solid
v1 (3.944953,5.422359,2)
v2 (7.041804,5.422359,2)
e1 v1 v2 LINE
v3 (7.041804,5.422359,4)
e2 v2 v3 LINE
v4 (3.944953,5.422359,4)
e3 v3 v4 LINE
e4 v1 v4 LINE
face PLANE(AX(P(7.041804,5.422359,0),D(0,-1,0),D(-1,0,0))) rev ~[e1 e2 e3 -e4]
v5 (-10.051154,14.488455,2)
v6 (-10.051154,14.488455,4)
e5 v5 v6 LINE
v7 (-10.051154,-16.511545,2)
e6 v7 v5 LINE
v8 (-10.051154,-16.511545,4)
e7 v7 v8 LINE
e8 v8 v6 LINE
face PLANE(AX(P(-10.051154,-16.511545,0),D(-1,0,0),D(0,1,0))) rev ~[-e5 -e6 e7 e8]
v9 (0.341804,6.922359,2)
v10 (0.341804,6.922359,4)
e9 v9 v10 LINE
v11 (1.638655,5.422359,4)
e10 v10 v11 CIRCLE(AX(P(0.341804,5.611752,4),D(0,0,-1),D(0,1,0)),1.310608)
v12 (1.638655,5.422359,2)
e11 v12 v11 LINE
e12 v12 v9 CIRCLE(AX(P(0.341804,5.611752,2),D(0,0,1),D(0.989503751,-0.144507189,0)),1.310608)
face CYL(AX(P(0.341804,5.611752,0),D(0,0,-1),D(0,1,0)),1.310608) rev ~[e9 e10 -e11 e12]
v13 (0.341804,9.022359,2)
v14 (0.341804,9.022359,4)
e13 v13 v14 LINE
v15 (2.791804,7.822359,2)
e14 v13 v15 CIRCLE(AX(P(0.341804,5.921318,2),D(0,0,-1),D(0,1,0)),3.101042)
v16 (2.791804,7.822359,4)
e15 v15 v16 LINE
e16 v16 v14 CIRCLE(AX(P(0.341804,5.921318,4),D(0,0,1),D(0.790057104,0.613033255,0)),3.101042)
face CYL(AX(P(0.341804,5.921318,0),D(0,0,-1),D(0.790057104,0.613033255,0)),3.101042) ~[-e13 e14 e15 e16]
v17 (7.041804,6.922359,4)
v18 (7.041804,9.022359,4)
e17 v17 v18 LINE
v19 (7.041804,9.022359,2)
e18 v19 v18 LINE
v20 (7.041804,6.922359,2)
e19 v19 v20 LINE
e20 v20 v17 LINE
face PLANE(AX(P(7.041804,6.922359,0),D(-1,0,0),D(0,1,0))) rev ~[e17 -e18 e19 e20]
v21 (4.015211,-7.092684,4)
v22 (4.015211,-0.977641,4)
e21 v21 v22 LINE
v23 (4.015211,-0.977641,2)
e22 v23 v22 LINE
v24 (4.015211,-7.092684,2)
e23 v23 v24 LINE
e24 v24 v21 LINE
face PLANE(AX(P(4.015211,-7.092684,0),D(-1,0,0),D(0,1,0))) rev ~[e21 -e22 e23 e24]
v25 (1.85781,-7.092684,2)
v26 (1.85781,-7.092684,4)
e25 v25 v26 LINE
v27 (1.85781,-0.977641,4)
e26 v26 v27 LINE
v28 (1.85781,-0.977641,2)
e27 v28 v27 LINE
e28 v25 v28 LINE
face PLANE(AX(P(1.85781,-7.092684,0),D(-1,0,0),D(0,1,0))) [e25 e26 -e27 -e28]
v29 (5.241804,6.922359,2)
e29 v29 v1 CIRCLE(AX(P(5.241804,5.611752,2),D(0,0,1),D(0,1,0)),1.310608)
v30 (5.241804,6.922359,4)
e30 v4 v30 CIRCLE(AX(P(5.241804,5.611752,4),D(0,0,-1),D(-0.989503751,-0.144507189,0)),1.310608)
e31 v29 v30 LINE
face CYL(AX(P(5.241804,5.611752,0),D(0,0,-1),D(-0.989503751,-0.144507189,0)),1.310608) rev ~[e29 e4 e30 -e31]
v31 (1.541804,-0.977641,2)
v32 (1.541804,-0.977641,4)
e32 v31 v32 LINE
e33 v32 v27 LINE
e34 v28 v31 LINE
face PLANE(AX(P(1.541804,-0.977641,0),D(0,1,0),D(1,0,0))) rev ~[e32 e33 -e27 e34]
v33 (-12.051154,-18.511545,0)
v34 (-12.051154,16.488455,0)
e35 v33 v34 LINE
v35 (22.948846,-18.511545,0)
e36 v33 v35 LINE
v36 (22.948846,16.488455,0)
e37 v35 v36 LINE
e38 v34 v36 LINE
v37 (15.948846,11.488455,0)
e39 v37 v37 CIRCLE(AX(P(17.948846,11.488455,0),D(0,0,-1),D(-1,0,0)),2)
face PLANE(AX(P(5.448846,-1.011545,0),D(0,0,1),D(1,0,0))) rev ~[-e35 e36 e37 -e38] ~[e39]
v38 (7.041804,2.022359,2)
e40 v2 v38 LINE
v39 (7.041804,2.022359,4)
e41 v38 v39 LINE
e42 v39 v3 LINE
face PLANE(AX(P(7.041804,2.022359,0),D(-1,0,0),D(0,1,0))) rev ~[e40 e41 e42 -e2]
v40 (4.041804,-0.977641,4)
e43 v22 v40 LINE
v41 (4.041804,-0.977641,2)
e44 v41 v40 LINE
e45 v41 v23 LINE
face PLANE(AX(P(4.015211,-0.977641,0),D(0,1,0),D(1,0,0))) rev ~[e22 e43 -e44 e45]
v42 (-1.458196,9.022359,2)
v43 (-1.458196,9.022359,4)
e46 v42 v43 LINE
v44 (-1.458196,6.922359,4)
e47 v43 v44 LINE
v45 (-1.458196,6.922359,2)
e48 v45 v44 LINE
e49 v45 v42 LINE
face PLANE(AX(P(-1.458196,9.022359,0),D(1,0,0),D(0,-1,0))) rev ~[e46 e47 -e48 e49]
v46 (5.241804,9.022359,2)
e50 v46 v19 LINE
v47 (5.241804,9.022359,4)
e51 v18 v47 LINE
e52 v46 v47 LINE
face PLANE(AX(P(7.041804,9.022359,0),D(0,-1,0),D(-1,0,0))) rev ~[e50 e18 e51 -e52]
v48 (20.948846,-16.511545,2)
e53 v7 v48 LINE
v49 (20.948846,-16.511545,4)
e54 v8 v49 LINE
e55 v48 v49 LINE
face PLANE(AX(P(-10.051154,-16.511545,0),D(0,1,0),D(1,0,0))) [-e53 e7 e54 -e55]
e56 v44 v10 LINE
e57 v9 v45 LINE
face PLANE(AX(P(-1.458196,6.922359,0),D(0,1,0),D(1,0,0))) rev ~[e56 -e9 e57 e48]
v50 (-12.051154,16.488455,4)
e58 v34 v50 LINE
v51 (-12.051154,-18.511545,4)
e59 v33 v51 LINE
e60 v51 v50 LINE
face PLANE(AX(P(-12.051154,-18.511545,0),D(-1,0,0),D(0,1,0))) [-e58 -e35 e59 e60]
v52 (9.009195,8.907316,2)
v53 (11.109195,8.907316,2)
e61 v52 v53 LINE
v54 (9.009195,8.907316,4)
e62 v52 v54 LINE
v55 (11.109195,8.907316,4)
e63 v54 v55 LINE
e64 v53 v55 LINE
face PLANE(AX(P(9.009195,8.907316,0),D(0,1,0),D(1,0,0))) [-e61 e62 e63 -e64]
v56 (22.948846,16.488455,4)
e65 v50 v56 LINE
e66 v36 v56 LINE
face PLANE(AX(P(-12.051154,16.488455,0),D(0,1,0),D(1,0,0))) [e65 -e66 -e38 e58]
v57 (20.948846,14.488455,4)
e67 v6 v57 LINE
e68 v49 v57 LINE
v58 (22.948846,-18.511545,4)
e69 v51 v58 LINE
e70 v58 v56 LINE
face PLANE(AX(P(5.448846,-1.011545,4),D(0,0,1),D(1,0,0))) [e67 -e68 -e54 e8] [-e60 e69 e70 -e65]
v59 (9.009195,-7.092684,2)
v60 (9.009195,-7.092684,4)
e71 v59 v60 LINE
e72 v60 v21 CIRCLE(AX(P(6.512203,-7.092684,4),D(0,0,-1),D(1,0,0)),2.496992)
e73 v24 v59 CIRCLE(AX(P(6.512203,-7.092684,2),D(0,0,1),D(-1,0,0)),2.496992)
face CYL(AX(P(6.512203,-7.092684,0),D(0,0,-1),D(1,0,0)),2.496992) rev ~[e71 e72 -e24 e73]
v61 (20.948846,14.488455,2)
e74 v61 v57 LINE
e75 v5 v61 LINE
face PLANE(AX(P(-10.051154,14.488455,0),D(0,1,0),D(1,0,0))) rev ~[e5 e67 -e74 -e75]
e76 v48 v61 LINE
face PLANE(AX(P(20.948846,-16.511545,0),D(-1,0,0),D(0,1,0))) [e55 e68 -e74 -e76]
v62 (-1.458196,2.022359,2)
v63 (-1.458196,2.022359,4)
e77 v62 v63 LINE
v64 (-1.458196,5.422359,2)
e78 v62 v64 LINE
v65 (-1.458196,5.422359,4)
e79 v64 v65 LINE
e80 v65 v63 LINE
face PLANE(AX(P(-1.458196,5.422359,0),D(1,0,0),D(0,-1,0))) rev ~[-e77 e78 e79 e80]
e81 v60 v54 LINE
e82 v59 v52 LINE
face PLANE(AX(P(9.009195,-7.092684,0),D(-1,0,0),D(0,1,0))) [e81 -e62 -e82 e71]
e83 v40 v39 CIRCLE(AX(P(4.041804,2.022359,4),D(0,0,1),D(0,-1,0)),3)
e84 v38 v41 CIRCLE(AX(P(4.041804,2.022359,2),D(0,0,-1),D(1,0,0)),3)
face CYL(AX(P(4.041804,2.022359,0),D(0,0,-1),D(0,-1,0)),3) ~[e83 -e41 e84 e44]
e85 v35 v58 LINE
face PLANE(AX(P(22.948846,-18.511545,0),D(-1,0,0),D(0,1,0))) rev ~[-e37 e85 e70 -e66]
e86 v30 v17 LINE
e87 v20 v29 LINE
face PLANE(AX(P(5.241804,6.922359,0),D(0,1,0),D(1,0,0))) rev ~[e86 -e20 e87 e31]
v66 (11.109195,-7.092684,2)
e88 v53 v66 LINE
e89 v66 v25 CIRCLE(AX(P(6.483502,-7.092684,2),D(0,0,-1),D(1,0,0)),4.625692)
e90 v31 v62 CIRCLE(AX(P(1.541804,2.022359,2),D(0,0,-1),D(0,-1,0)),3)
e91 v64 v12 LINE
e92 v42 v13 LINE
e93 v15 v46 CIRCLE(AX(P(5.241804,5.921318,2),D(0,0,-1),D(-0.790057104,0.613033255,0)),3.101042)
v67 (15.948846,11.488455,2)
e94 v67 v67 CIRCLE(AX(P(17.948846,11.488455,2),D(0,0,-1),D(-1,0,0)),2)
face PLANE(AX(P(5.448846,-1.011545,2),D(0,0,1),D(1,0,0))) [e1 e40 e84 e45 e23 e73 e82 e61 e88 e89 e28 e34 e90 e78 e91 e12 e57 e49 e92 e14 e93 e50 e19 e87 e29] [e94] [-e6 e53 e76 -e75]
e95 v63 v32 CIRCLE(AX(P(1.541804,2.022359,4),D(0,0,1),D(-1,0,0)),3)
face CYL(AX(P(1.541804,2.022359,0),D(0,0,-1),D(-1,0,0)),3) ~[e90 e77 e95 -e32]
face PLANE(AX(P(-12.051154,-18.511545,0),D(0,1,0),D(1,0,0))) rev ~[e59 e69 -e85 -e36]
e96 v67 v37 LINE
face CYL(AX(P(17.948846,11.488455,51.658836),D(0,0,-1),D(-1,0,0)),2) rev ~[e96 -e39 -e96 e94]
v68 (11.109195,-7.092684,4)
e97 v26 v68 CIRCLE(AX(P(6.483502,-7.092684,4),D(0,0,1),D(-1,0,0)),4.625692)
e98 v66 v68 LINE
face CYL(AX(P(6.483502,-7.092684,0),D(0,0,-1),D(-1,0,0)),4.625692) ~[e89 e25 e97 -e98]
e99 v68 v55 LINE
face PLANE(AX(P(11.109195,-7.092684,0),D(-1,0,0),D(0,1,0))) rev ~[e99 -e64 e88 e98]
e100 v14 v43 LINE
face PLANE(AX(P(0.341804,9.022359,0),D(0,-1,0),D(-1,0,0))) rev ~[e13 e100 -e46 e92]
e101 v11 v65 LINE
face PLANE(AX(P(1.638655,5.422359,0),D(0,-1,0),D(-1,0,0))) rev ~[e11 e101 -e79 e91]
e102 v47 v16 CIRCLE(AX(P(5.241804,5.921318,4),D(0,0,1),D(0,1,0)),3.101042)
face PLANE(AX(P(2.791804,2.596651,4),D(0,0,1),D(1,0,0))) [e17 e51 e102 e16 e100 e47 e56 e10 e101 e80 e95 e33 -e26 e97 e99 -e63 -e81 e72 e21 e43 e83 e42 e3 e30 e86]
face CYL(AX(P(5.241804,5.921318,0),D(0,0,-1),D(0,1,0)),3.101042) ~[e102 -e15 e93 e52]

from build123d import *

# Parameters (mm, degrees)
F0_W     = 35
F0_H     = 35
F0_W_2   = 31
F0_H_2   = 31
F1_DEPTH = 4
F0_W_3   = 2.1
F0_H_3   = 16
F0_W_4   = 2.1574016428
F0_H_4   = 6.115043208
F2_DEPTH = 2
F4_D     = 4


with BuildPart() as f1:
    # F0 (on Top) → F1 (new body)
    with BuildSketch(Plane.XY):
        with Locations((5.448846221, -1.0115454492)):
            Rectangle(F0_W, F0_H)
        with Locations((5.448846221, -1.0115454492)):
            Rectangle(F0_W_2, F0_H_2, mode=Mode.SUBTRACT)
    extrude(amount=F1_DEPTH)



with BuildPart() as f1b:
    # F0 (on Top) → F1, piece 2 (new body)
    with BuildSketch(Plane.XY):
        with BuildLine():
            Line((1.8578098388, -0.9776405059), (4.0152114816, -0.9776405059))
            Line((4.0152114816, -0.9776405059), (4.0418037977, -0.9776405059))
            ThreePointArc((4.0418037977, -0.9776405059), (6.1631241413, -0.0989608494), (7.0418037977, 2.0223594941))
            Line((7.0418037977, 2.0223594941), (7.0418037977, 5.4223594941))
            Line((7.0418037977, 5.4223594941), (3.9449525066, 5.4223594941))
            Line((3.9449525066, 5.4223594941), (2.7918037977, 5.4223594941))
            Line((2.7918037977, 5.4223594941), (1.6386550888, 5.4223594941))
            Line((1.6386550888, 5.4223594941), (-1.4581962023, 5.4223594941))
            Line((-1.4581962023, 5.4223594941), (-1.4581962023, 2.0223594941))
            ThreePointArc((-1.4581962023, 2.0223594941), (-0.5795165459, -0.0989608494), (1.5418037977, -0.9776405059))
            Line((1.5418037977, -0.9776405059), (1.8578098388, -0.9776405059))
        make_face()
        with BuildLine():
            ThreePointArc((0.3418037977, 6.9223594941), (1.3332450808, 6.4689196757), (1.6386550888, 5.4223594941))
            Line((1.6386550888, 5.4223594941), (2.7918037977, 5.4223594941))
            Line((2.7918037977, 5.4223594941), (2.7918037977, 7.8223594941))
            ThreePointArc((2.7918037977, 7.8223594941), (1.7058510843, 8.7062477042), (0.3418037977, 9.0223594941))
            Line((0.3418037977, 9.0223594941), (-1.4581962023, 9.0223594941))
            Line((-1.4581962023, 9.0223594941), (-1.4581962023, 6.9223594941))
            Line((-1.4581962023, 6.9223594941), (0.3418037977, 6.9223594941))
        make_face()
        with BuildLine():
            Line((2.7918037977, 5.4223594941), (3.9449525066, 5.4223594941))
            ThreePointArc((3.9449525066, 5.4223594941), (4.2503625146, 6.4689196757), (5.2418037977, 6.9223594941))
            Line((5.2418037977, 6.9223594941), (7.0418037977, 6.9223594941))
            Line((7.0418037977, 6.9223594941), (7.0418037977, 9.0223594941))
            Line((7.0418037977, 9.0223594941), (5.2418037977, 9.0223594941))
            ThreePointArc((5.2418037977, 9.0223594941), (3.8777565111, 8.7062477042), (2.7918037977, 7.8223594941))
            Line((2.7918037977, 7.8223594941), (2.7918037977, 5.4223594941))
        make_face()
        with Locations((10.0591945603, 0.9073162861)):
            Rectangle(F0_W_3, F0_H_3)
        with BuildLine():
            Line((11.1091945603, -7.0926837139), (9.0091945603, -7.0926837139))
            ThreePointArc((9.0091945603, -7.0926837139), (6.512203021, -9.5896752533), (4.0152114816, -7.0926837139))
            Line((4.0152114816, -7.0926837139), (1.8578098388, -7.0926837139))
            ThreePointArc((1.8578098388, -7.0926837139), (6.4835021996, -11.7183760746), (11.1091945603, -7.0926837139))
        make_face()
        with Locations((2.9365106602, -4.0351621099)):
            Rectangle(F0_W_4, F0_H_4)
    extrude(amount=F1_DEPTH)


with BuildPart() as f1_1:
    add(f1.part)

    add(f1b.part)  # F2 merges F1b
    # F0 (on Top) → F2 (join)
    with BuildSketch(Plane.XY):
        with Locations((5.448846221, -1.0115454492)):
            Rectangle(F0_W_2, F0_H_2)
        with BuildLine():
            Line((9.0091945603, -7.0926837139), (9.0091945603, 8.9073162861))
            Line((9.0091945603, 8.9073162861), (11.1091945603, 8.9073162861))
            Line((11.1091945603, 8.9073162861), (11.1091945603, -7.0926837139))
            ThreePointArc((11.1091945603, -7.0926837139), (6.4835021996, -11.7183760746), (1.8578098388, -7.0926837139))
            Line((1.8578098388, -7.0926837139), (1.8578098388, -0.9776405059))
            Line((1.8578098388, -0.9776405059), (1.5418037977, -0.9776405059))
            ThreePointArc((1.5418037977, -0.9776405059), (-0.5795165459, -0.0989608494), (-1.4581962023, 2.0223594941))
            Line((-1.4581962023, 2.0223594941), (-1.4581962023, 5.4223594941))
            Line((-1.4581962023, 5.4223594941), (1.6386550888, 5.4223594941))
            ThreePointArc((1.6386550888, 5.4223594941), (1.3332450808, 6.4689196757), (0.3418037977, 6.9223594941))
            Line((0.3418037977, 6.9223594941), (-1.4581962023, 6.9223594941))
            Line((-1.4581962023, 6.9223594941), (-1.4581962023, 9.0223594941))
            Line((-1.4581962023, 9.0223594941), (0.3418037977, 9.0223594941))
            ThreePointArc((0.3418037977, 9.0223594941), (1.7058510843, 8.7062477042), (2.7918037977, 7.8223594941))
            ThreePointArc((2.7918037977, 7.8223594941), (3.8777565111, 8.7062477042), (5.2418037977, 9.0223594941))
            Line((5.2418037977, 9.0223594941), (7.0418037977, 9.0223594941))
            Line((7.0418037977, 9.0223594941), (7.0418037977, 6.9223594941))
            Line((7.0418037977, 6.9223594941), (5.2418037977, 6.9223594941))
            ThreePointArc((5.2418037977, 6.9223594941), (4.2503625146, 6.4689196757), (3.9449525066, 5.4223594941))
            Line((3.9449525066, 5.4223594941), (7.0418037977, 5.4223594941))
            Line((7.0418037977, 5.4223594941), (7.0418037977, 2.0223594941))
            ThreePointArc((7.0418037977, 2.0223594941), (6.1631241413, -0.0989608494), (4.0418037977, -0.9776405059))
            Line((4.0418037977, -0.9776405059), (4.0152114816, -0.9776405059))
            Line((4.0152114816, -0.9776405059), (4.0152114816, -7.0926837139))
            ThreePointArc((4.0152114816, -7.0926837139), (6.512203021, -9.5896752533), (9.0091945603, -7.0926837139))
        make_face(mode=Mode.SUBTRACT)
    extrude(amount=F2_DEPTH)

    # F4 (through all)
    with Locations(Plane.XY.offset(2)):
        with Locations((17.948846221, 11.4884545508)):
            Hole(F4_D / 2)


solid = f1_1.part
